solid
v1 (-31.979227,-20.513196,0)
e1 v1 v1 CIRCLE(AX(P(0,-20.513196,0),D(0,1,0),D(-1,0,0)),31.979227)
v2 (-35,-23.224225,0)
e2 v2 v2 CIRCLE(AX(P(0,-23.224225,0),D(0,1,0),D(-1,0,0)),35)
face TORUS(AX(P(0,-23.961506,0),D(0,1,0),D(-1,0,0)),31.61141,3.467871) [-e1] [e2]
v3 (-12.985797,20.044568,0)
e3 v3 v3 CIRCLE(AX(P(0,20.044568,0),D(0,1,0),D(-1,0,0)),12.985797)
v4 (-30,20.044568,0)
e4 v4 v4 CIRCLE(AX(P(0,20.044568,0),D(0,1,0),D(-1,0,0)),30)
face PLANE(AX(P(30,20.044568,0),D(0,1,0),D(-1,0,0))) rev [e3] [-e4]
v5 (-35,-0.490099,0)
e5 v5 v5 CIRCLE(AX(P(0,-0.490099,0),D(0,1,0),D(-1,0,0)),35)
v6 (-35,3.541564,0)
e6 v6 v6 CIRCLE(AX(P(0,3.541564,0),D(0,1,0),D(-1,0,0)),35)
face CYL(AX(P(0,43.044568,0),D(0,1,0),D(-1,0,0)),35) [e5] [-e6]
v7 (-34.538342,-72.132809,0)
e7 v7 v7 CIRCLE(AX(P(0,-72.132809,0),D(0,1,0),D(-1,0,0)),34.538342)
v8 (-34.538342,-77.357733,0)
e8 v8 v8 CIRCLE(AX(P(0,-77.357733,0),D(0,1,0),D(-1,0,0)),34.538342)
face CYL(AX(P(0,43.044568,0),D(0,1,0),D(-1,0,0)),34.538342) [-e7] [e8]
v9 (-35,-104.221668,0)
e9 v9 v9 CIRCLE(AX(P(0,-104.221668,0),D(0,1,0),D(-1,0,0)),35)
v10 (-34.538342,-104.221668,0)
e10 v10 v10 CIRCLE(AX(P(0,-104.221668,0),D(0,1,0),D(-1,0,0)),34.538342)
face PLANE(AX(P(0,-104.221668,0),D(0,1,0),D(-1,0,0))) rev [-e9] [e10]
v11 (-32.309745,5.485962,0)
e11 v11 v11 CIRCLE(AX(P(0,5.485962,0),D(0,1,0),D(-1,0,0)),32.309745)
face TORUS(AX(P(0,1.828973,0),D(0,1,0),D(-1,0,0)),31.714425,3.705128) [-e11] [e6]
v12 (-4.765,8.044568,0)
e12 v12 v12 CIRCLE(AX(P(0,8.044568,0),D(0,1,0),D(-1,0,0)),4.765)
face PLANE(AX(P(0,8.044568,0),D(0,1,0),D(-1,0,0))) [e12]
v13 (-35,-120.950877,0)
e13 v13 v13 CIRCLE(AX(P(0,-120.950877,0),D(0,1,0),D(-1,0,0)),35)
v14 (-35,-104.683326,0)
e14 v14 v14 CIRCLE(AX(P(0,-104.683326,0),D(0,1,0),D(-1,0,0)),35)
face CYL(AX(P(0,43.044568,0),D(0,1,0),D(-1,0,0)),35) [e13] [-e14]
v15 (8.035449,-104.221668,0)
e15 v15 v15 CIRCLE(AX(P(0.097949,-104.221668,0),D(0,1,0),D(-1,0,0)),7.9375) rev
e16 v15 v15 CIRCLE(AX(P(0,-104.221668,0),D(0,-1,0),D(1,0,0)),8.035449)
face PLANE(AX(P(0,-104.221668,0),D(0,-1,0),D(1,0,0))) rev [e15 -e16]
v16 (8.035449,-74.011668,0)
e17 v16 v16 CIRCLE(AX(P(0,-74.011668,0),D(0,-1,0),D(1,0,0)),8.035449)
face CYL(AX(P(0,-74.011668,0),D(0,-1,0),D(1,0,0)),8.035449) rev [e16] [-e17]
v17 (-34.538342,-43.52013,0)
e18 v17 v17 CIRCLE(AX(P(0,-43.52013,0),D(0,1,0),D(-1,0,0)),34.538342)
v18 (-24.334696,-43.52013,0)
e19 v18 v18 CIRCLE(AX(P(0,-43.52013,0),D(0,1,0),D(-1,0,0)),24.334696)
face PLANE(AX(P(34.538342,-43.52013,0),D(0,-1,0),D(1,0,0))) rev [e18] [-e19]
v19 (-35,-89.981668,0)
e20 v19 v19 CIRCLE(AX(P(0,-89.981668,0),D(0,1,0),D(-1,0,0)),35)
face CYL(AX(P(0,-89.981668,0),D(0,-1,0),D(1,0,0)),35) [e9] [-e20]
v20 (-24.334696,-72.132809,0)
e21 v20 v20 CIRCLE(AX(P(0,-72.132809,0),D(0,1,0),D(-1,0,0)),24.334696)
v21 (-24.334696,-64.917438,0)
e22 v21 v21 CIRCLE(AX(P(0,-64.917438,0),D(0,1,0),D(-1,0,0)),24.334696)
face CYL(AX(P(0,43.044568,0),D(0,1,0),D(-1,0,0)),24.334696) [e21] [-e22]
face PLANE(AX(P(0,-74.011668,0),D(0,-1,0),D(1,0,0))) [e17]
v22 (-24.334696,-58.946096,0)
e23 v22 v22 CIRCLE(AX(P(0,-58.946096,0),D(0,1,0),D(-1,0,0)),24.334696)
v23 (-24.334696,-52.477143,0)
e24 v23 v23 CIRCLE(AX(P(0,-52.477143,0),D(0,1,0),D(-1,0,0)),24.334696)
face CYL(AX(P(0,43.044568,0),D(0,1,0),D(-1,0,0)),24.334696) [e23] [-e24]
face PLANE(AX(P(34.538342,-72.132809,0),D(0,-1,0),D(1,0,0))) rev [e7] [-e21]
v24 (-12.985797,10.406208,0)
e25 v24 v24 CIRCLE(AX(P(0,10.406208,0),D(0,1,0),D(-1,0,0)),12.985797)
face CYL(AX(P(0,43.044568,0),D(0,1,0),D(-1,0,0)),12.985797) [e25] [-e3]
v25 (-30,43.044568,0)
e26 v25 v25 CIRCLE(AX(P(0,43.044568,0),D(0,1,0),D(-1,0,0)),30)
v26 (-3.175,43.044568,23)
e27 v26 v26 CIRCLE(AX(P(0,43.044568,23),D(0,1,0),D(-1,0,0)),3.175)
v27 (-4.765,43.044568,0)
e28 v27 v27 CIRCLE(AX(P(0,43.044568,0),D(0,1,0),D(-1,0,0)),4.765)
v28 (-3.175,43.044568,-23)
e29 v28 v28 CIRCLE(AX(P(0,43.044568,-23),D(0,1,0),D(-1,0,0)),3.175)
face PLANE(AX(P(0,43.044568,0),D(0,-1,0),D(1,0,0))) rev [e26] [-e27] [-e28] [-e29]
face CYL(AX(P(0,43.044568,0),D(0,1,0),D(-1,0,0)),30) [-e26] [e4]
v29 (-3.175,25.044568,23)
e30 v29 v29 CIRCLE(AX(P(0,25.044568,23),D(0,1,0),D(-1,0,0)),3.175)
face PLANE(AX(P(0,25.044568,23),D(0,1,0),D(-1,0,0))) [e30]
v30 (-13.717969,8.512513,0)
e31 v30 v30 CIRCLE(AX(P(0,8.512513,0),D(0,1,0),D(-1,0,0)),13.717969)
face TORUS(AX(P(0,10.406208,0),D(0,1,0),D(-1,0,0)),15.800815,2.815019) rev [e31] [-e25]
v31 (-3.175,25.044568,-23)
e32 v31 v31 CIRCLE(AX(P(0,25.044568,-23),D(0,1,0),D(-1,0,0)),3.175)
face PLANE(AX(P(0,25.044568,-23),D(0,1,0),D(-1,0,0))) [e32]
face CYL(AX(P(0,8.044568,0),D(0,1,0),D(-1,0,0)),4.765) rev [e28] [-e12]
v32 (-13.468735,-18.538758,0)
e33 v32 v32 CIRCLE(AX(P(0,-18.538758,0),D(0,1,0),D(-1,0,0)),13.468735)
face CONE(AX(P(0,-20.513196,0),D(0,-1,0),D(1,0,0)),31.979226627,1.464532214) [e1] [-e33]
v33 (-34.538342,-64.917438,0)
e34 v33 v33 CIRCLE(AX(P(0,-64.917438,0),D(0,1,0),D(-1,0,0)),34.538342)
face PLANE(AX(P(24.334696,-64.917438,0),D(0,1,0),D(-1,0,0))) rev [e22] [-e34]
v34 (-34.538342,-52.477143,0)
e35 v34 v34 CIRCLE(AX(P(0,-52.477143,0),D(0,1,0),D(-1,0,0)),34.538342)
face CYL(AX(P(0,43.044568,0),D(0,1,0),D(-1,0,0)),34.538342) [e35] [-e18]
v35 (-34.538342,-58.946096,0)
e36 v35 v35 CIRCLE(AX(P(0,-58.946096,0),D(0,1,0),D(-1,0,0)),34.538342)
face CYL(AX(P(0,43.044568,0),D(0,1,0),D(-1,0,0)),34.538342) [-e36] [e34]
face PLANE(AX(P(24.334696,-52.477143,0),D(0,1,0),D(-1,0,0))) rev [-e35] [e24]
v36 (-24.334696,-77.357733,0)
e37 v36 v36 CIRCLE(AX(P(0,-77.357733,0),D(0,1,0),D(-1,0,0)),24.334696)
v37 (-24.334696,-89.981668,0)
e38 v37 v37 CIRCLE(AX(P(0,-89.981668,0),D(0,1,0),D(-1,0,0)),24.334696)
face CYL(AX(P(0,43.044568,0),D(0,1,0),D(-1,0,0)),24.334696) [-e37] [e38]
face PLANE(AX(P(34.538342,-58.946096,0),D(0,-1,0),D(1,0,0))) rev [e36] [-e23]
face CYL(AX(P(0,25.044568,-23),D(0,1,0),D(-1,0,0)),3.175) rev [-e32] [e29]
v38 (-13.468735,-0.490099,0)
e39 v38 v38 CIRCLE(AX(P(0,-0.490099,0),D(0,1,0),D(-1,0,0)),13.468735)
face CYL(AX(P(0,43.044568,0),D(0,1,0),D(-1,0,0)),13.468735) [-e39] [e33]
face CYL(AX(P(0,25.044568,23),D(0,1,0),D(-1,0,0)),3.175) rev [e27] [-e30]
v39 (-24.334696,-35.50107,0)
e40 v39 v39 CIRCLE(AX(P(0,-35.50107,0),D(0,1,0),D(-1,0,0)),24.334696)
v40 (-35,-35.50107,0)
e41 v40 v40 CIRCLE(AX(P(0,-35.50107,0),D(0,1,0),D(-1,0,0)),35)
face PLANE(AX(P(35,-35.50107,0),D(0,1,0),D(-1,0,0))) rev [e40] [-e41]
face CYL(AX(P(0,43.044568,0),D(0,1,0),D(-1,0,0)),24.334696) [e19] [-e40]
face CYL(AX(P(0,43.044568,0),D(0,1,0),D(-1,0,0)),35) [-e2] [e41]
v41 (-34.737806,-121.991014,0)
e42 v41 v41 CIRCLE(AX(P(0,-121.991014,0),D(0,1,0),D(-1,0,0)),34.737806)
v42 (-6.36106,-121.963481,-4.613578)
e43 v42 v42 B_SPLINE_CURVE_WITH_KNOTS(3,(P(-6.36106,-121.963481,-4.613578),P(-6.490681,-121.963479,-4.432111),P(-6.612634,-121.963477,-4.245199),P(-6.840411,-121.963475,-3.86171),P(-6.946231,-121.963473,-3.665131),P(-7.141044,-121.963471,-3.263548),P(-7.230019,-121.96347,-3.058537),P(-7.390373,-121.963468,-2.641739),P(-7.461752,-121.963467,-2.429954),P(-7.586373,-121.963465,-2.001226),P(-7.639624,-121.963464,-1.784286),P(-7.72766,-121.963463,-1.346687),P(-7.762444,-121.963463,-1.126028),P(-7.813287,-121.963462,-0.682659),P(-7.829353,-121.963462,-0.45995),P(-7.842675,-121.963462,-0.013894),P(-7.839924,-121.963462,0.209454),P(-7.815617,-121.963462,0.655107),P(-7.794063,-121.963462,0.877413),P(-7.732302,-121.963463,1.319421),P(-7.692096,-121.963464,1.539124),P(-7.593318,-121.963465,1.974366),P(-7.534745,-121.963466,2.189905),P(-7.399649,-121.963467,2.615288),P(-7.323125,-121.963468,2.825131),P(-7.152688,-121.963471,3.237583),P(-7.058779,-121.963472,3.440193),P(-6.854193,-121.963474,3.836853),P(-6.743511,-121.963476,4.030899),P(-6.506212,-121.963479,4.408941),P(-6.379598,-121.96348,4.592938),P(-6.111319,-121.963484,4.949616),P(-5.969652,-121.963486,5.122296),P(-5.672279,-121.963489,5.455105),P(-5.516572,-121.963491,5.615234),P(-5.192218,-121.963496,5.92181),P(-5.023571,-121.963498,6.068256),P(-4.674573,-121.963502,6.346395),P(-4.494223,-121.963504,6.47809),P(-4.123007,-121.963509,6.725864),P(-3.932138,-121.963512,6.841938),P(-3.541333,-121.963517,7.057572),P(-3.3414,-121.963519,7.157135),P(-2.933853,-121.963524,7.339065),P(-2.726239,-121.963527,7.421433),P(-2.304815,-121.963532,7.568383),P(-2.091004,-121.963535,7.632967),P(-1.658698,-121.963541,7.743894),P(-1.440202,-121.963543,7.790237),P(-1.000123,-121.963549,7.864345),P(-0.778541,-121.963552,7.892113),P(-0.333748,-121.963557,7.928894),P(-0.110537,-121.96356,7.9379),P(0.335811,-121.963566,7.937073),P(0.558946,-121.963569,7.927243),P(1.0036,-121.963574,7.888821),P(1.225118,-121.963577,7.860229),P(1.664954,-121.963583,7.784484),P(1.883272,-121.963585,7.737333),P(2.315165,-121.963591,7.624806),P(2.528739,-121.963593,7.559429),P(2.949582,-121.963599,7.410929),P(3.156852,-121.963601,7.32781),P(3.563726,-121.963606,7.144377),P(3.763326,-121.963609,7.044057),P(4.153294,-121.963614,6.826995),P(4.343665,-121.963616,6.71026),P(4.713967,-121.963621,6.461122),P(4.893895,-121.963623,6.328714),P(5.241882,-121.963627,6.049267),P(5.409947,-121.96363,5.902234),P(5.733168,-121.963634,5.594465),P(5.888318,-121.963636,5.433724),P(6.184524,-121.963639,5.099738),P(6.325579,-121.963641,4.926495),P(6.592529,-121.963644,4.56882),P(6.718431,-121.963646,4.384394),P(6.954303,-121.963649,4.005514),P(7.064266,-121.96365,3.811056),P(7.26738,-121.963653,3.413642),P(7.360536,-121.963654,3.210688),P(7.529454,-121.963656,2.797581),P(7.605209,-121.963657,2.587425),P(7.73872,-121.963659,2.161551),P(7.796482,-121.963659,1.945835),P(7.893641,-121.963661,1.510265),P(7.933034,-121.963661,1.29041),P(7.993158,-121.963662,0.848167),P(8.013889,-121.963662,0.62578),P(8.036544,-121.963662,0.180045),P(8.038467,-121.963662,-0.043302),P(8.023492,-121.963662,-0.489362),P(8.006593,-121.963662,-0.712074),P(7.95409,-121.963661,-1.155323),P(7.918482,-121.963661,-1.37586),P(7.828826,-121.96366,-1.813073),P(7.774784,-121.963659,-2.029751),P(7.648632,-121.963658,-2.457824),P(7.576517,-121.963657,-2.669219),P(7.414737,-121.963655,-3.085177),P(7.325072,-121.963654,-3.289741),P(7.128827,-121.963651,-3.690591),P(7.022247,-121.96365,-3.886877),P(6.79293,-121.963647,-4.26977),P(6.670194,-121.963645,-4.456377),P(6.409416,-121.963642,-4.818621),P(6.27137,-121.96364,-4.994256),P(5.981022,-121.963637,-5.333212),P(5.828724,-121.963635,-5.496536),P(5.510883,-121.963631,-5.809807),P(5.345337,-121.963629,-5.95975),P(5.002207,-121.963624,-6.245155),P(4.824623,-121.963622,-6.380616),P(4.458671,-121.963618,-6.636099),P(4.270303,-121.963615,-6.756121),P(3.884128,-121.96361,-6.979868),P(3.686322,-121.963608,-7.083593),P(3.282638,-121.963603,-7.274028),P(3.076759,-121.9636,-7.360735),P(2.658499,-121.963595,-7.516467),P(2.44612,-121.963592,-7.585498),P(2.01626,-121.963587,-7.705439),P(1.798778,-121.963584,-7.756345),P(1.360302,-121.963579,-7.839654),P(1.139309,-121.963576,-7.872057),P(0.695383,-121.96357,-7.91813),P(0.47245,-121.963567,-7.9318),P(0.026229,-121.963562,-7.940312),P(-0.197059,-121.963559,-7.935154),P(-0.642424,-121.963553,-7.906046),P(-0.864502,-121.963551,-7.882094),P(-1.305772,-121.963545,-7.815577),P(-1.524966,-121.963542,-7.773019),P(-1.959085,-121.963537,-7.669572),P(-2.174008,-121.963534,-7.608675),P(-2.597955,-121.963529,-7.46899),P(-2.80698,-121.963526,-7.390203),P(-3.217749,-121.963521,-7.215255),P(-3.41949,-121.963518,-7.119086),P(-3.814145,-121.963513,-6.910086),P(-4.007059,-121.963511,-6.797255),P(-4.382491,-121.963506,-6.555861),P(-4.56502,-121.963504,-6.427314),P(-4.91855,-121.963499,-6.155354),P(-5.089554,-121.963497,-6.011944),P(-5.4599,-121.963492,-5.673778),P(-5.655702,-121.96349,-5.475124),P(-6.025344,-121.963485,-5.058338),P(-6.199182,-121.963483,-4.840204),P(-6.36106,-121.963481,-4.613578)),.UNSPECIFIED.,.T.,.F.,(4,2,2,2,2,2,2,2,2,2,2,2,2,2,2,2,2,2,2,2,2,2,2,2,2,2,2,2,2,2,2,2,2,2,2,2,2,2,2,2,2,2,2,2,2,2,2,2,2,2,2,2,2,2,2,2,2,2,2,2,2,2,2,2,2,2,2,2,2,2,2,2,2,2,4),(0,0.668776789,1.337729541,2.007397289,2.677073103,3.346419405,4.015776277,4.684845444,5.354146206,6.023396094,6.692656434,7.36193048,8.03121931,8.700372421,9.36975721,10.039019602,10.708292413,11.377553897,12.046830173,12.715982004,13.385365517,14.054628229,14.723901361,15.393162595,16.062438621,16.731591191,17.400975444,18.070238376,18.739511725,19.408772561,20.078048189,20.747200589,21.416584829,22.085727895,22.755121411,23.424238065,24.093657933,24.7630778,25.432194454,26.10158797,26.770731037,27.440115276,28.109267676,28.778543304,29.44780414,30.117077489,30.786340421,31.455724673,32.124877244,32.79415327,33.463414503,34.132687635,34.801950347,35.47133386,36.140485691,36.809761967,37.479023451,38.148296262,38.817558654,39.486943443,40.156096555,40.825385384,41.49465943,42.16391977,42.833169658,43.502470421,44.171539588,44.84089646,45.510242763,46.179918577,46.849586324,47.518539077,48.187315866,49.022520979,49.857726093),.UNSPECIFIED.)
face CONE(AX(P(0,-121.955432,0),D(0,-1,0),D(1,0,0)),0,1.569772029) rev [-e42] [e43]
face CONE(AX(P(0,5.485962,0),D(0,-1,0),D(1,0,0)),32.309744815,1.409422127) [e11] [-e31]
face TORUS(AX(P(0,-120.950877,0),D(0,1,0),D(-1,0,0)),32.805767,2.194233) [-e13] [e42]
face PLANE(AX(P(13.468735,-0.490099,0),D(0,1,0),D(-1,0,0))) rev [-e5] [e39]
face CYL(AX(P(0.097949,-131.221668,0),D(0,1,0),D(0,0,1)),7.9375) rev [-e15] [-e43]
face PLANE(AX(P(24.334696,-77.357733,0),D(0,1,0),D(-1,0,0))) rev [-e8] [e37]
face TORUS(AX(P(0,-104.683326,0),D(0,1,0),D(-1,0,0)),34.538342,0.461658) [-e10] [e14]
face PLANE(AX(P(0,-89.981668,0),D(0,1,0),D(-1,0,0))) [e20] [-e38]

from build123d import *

# Parameters (mm, degrees)
CORTAR_EXTRUIR3_DEPTH      = 8
CORTAR_EXTRUIR3_DEPTH_BACK = 27
CROQUIS5_R                 = 7.9375
CROQUIS9_R                 = 3.175
CORTAR_EXTRUIR5_DEPTH      = 18
CROQUIS10_R                = 4.765
CORTAR_EXTRUIR6_DEPTH      = 35
CROQUIS11_R                = 35
SALIENTE_EXTRUIR1_DEPTH    = 14.24
CROQUIS13_R                = 8.035449209
CORTAR_EXTRUIR8_DEPTH      = 30.21


with BuildPart() as part:
    # Croquis1 → Revolución3 (revolve)
    with BuildSketch(Plane.XY, mode=Mode.PRIVATE) as revoluci_n3_sk:
        with BuildLine():
            Line((0, 43.044568245), (30, 43.044568245))
            Line((30, 43.044568245), (30, 20.044568245))
            Line((30, 20.044568245), (12.985796912, 20.044568245))
            Line((12.985796912, 20.044568245), (12.985796912, 10.406207601))
            ThreePointArc((12.985796912, 10.406207601), (13.175212613, 9.391052882), (13.717969076, 8.512512712))
            Line((13.717969076, 8.512512712), (32.309744815, 5.485961945))
            ThreePointArc((32.309744815, 5.485961945), (33.884795273, 4.831882369), (35, 3.541563627))
            Line((35, 3.541563627), (35, -0.490098714))
            Line((35, -0.490098714), (13.468735488, -0.490098714))
            Line((13.468735488, -0.490098714), (13.468735488, -18.538757946))
            Line((13.468735488, -18.538757946), (31.979226627, -20.513196287))
            ThreePointArc((31.979226627, -20.513196287), (33.927671218, -21.380602851), (35, -23.224224681))
            Line((35, -23.224224681), (35, -35.501069654))
            Line((35, -35.501069654), (24.334695592, -35.501069654))
            Line((24.334695592, -35.501069654), (24.334695592, -43.520130292))
            Line((24.334695592, -43.520130292), (34.538342083, -43.520130292))
            Line((34.538342083, -43.520130292), (34.538342083, -52.477142798))
            Line((34.538342083, -52.477142798), (24.334695592, -52.477142798))
            Line((24.334695592, -52.477142798), (24.334695592, -58.946096275))
            Line((24.334695592, -58.946096275), (34.538342083, -58.946096275))
            Line((34.538342083, -58.946096275), (34.538342083, -64.917437946))
            Line((34.538342083, -64.917437946), (24.334695592, -64.917437946))
            Line((24.334695592, -64.917437946), (24.334695592, -72.132809132))
            Line((24.334695592, -72.132809132), (34.538342083, -72.132809132))
            Line((34.538342083, -72.132809132), (34.538342083, -77.357733094))
            Line((34.538342083, -77.357733094), (24.334695592, -77.357733094))
            Line((24.334695592, -77.357733094), (24.334695592, -104.221668074))
            Line((24.334695592, -104.221668074), (34.538342083, -104.221668074))
            ThreePointArc((34.538342083, -104.221668074), (34.864783527, -104.356884547), (35, -104.683325991))
            Line((35, -104.683325991), (35, -120.950877143))
            ThreePointArc((35, -120.950877143), (34.933442046, -121.487214162), (34.737806004, -121.991013624))
            Line((34.737806004, -121.991013624), (0, -121.955431755))
            Line((0, -121.955431755), (0, 43.044568245))
        make_face()
    revolve(revoluci_n3_sk.sketch.rotate(Axis((0, 43.044568245, 0), (0, -1, 0)), 180), axis=Axis((0, 43.044568245, 0), (0, -1, 0)))

    # Croquis5 → Cortar-Extruir3 (cut, two sides: drawn at the far end of the back side and taken through both)
    with BuildSketch(Plane(origin=(0, -104.221668074, 0), x_dir=(1, 0, 0), z_dir=(0, 1, 0)).offset(-CORTAR_EXTRUIR3_DEPTH_BACK)):
        with Locations(Location((0.097949209, 0, 0), (0, 0, 270))):
            Circle(CROQUIS5_R)
    extrude(amount=CORTAR_EXTRUIR3_DEPTH + CORTAR_EXTRUIR3_DEPTH_BACK, mode=Mode.SUBTRACT)

    # Croquis9 → Cortar-Extruir5 (cut)
    with BuildSketch(Plane(origin=(0, 43.044568245, 0), x_dir=(1, 0, 0), z_dir=(0, 1, 0))):
        with Locations(Location((0, 23, 0), (0, 0, 180))):
            Circle(CROQUIS9_R)
        with Locations(Location((0, -23, 0), (0, 0, 180))):
            Circle(CROQUIS9_R)
    extrude(amount=-CORTAR_EXTRUIR5_DEPTH, mode=Mode.SUBTRACT)

    # Croquis10 → Cortar-Extruir6 (cut)
    with BuildSketch(Plane(origin=(0, 43.044568245, 0), x_dir=(1, 0, 0), z_dir=(0, 1, 0))):
        with Locations(Location((0, 0, 0), (0, 0, 180))):
            Circle(CROQUIS10_R)
    extrude(amount=-CORTAR_EXTRUIR6_DEPTH, mode=Mode.SUBTRACT)

    # Croquis11 → Saliente-Extruir1 (add)
    with BuildSketch(Plane(origin=(0, -104.221668074, 0), x_dir=(1, 0, 0), z_dir=(0, 1, 0))):
        with Locations(Location((0, 0, 0), (0, 0, 180))):
            Circle(CROQUIS11_R)
    extrude(amount=SALIENTE_EXTRUIR1_DEPTH)

    # Croquis13 → Cortar-Extruir8 (cut)
    with BuildSketch(Plane.XZ.offset(104.221668074)):
        Circle(CROQUIS13_R)
    extrude(amount=-CORTAR_EXTRUIR8_DEPTH, mode=Mode.SUBTRACT)


solid = part.part
